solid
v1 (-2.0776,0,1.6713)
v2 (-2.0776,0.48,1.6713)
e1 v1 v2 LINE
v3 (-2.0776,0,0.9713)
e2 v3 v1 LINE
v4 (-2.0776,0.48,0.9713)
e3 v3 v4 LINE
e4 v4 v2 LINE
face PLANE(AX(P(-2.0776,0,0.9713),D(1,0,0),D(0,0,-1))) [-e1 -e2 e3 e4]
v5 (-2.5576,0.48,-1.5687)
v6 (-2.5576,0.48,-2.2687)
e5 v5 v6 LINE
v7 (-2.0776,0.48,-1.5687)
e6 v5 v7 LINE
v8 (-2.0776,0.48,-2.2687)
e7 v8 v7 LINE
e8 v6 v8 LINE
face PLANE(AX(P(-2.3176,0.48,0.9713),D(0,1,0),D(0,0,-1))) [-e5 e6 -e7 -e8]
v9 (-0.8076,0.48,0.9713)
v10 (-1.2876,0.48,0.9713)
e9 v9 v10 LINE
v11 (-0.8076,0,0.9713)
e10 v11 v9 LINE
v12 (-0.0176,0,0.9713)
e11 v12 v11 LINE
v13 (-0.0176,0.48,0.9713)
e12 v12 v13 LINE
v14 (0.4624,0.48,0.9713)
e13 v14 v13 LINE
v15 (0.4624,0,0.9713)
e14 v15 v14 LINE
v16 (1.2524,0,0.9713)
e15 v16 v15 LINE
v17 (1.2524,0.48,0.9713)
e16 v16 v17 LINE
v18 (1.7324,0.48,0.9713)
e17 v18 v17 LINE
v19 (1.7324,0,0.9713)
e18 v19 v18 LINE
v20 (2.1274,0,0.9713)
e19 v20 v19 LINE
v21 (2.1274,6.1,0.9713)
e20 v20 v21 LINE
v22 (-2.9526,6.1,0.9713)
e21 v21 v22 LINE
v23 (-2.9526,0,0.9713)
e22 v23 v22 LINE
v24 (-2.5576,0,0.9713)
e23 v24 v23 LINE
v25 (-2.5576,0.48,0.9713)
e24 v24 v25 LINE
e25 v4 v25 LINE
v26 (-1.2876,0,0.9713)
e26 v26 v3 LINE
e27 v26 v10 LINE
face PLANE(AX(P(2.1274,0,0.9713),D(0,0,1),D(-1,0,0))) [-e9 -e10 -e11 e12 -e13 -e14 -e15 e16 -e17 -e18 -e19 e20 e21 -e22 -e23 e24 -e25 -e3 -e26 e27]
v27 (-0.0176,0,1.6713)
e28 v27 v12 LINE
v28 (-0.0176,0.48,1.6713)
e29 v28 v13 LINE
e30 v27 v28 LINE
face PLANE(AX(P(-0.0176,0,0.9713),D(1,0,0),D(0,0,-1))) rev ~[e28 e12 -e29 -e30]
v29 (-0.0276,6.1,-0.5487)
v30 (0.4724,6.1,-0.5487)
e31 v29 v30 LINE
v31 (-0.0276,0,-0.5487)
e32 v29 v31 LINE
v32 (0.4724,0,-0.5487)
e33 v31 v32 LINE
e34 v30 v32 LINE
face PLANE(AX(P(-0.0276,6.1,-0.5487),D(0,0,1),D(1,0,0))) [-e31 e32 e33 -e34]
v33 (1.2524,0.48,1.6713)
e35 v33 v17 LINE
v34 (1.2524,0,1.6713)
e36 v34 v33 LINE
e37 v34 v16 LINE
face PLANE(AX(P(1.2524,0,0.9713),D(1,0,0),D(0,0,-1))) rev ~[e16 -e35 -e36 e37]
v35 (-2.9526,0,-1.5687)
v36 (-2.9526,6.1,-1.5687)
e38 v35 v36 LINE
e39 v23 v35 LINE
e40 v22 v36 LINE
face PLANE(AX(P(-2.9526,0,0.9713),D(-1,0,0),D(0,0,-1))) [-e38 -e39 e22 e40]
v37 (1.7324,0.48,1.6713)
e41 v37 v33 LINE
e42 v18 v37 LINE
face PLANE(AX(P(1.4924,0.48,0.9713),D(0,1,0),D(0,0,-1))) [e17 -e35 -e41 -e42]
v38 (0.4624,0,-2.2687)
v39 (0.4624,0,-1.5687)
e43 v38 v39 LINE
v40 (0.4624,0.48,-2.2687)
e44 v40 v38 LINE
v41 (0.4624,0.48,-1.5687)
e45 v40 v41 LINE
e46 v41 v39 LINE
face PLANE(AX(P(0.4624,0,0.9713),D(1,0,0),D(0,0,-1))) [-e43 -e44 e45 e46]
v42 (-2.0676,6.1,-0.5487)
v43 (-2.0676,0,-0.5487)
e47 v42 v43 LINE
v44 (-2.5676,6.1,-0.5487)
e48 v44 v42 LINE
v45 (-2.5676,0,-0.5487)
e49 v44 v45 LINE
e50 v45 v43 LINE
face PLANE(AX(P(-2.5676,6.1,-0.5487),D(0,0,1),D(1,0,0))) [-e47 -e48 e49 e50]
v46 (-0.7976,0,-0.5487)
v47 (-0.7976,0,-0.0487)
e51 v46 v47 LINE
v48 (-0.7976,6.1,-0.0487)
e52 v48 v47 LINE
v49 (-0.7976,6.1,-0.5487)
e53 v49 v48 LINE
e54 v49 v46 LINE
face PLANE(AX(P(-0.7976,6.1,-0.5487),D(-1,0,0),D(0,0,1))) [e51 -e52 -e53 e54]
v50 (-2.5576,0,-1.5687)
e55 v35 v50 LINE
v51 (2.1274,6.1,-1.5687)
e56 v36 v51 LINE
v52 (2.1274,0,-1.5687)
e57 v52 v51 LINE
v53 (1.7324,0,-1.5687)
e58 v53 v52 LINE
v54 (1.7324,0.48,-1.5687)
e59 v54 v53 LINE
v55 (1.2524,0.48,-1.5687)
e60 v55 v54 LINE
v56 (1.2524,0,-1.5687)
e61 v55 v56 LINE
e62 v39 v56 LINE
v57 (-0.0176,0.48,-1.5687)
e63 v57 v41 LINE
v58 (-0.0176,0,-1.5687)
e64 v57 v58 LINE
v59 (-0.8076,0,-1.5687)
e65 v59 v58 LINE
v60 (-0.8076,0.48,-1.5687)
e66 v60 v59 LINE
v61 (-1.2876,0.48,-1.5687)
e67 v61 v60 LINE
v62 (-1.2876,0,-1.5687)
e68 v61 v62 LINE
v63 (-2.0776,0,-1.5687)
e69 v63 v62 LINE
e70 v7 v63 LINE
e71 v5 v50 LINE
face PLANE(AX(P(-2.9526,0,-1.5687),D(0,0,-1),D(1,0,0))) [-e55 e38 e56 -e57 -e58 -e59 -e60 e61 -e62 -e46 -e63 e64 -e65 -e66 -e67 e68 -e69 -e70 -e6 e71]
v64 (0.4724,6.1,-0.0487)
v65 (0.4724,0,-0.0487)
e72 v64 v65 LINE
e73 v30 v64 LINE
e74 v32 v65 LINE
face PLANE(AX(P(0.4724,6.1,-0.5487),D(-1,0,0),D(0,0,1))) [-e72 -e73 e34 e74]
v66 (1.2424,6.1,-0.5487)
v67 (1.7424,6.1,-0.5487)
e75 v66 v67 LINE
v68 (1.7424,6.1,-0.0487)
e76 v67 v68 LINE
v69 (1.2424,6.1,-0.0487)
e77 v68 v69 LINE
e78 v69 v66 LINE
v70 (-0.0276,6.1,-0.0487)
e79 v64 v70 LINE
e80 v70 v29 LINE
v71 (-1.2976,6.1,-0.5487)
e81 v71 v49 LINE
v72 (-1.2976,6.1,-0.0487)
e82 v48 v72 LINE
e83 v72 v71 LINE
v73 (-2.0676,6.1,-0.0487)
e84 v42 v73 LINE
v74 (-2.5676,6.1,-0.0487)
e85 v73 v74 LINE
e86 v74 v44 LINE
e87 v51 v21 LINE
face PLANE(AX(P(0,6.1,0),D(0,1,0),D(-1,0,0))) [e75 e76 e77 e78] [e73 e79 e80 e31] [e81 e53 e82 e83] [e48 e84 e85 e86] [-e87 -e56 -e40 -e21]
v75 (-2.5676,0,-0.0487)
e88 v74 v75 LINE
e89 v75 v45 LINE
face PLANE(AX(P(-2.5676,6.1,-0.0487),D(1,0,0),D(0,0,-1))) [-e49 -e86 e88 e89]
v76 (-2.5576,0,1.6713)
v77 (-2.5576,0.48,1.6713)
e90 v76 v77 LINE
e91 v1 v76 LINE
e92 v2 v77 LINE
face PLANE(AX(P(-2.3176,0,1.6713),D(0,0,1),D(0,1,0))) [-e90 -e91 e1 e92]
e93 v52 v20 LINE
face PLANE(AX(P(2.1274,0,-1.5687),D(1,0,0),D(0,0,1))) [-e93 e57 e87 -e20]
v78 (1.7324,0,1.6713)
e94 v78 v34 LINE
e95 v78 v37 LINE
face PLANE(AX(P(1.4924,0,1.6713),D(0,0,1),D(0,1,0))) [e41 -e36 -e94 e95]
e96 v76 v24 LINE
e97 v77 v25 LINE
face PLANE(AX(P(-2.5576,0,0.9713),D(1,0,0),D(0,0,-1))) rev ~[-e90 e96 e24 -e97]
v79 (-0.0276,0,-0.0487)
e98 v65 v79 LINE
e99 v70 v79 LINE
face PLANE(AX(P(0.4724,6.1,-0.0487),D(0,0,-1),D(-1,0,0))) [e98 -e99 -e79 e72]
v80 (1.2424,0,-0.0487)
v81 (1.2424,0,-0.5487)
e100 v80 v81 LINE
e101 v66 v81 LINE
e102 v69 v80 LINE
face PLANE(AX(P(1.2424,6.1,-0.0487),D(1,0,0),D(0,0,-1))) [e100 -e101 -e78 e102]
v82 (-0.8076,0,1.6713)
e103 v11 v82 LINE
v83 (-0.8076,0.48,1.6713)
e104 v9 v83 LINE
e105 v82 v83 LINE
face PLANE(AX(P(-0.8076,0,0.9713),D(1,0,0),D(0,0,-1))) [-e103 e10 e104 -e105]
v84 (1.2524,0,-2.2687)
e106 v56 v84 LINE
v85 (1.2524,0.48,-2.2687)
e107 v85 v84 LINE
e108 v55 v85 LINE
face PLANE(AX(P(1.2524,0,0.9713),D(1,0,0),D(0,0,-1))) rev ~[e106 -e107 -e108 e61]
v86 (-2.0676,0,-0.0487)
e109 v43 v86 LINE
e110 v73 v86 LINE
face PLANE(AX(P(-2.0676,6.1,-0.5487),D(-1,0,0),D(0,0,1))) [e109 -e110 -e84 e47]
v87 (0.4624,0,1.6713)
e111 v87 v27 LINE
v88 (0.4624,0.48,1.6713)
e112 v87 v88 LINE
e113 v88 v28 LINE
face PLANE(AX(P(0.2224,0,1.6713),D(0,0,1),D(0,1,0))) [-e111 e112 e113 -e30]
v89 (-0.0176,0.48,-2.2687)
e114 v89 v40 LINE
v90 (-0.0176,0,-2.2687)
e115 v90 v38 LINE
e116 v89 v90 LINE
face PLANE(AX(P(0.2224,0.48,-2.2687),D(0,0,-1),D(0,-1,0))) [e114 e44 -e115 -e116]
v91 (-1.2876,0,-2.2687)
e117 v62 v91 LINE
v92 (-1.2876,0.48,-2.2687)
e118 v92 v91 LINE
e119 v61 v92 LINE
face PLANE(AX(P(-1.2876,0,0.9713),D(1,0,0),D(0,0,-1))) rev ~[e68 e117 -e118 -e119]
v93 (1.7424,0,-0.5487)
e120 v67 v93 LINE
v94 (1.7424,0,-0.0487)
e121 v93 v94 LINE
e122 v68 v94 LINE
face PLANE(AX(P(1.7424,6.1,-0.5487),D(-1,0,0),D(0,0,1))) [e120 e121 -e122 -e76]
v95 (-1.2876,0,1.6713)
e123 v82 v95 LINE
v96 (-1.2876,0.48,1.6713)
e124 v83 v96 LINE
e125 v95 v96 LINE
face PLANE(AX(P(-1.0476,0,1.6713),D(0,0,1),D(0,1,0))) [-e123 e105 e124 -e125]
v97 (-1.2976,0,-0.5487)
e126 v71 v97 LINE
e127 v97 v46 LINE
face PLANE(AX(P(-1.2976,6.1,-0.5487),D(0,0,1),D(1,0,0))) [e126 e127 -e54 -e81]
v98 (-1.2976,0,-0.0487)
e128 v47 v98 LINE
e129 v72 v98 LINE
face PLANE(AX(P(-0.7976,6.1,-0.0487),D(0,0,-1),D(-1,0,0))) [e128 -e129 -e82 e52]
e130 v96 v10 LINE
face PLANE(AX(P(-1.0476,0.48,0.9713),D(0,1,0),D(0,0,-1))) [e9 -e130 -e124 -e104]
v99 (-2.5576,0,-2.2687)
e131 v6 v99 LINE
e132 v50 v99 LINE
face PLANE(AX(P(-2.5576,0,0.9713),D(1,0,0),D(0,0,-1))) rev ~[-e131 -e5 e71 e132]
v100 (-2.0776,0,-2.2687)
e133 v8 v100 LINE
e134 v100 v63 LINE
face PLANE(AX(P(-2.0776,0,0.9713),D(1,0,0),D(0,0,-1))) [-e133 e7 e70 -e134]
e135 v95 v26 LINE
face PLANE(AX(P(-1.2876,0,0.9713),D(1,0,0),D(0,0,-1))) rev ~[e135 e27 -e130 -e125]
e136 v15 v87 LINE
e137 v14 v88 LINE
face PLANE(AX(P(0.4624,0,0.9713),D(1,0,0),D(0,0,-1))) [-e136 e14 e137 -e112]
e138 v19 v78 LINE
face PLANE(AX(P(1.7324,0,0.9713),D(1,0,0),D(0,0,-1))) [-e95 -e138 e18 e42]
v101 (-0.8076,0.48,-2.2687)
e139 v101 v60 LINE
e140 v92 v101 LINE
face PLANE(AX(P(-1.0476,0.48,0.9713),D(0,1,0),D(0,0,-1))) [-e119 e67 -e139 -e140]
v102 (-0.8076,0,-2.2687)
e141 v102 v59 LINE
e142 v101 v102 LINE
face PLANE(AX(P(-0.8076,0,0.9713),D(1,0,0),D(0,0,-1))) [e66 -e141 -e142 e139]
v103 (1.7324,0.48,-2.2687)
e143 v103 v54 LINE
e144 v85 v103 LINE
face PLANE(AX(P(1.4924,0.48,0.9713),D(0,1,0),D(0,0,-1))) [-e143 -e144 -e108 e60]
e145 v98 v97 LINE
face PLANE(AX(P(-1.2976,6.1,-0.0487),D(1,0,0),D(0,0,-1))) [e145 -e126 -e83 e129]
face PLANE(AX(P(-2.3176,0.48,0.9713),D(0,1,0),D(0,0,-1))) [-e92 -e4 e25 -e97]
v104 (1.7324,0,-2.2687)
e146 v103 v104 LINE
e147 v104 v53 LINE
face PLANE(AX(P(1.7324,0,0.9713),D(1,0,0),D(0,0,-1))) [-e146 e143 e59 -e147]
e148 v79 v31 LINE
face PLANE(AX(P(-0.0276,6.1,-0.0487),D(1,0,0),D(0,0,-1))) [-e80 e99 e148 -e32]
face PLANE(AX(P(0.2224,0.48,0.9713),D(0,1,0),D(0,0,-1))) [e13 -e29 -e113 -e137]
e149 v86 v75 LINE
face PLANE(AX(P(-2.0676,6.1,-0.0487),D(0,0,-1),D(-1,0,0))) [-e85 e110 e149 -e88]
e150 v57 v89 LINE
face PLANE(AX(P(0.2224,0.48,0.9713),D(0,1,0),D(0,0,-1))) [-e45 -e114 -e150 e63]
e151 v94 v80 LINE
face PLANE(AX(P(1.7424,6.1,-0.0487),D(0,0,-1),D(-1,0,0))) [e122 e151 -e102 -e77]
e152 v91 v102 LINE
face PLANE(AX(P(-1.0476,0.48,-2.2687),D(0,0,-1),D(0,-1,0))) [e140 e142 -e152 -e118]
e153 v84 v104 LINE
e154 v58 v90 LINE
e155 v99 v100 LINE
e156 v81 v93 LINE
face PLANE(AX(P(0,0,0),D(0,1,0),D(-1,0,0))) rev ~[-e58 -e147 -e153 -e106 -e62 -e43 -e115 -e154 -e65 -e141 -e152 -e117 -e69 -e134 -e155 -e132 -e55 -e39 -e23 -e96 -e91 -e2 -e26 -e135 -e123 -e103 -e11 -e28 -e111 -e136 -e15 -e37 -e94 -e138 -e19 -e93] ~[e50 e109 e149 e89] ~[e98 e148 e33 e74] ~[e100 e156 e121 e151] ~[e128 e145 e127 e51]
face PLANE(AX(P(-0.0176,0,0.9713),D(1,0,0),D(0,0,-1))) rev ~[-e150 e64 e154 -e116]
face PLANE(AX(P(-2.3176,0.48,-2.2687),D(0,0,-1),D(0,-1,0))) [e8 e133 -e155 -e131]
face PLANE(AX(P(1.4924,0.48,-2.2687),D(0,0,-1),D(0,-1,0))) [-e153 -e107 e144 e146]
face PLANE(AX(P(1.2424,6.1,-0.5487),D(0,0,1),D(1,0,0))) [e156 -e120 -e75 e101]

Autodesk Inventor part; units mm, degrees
ref_plane "YZ Plane" through (0, 0, 0) normal (1, 0, 0) x (0, 1, 0)
ref_plane "XZ Plane" through (0, 0, 0) normal (0, 1, 0) x (-1, 0, 0)
ref_plane "XY Plane" through (0, 0, 0) normal (0, 0, 1) x (1, 0, 0)
sketch "Sketch1" plane through (0, 0, 0) normal (0, 1, 0) x (-1, 0, 0)
  line L0 (-2.1274, 0.9713) -> (2.9526, 0.9713)
  line L1 (2.9526, 0.9713) -> (2.9526, -1.5687)
  line L2 (2.9526, -1.5687) -> (-2.1274, -1.5687)
  line L3 (-2.1274, -1.5687) -> (-2.1274, 0.9713)
  point P0 (0, 0)
  dimension "d0" = 5.08
  dimension "d1" = 2.54
extrude "Extrusion1" add sketch "Sketch1" along normal blind 6.1
ref_plane "Work Plane1" through (1.4924, 0, 0.9713) normal (1, 0, 0) x (0, 0, -1)
sketch "Sketch2" plane through (1.4924, 0, 0.9713) normal (1, 0, 0) x (0, 0, -1)
  line L0 (3.24, 0) -> (-0.7, 0)
  line L1 (-0.7, 0) -> (-0.7, 0.48)
  line L2 (-0.7, 0.48) -> (3.24, 0.48)
  line L3 (3.24, 0.48) -> (3.24, 0)
  line L4 (0, 0) -> (0, 6.1) projected
  point P0 (0.9713, 0)
  dimension "d5" = 3.94
  dimension "d6" = 0.7
  dimension "d7" = 0.48
extrude "Extrusion2" add sketch "Sketch2" along normal mid plane 0.48
pattern_linear "Rectangular Pattern1" count 4 spacing 1.27 along (-1, 0, 0) of "Extrusion2"
sketch "Sketch3" plane through (0, 6.1, 0) normal (0, 1, 0) x (1, 0, 0)
  line L0 (2.1274, 1.5687) -> (-2.9526, 1.5687) projected
  line L1 (-2.9526, 1.5687) -> (-2.9526, -0.9713) projected
  line L2 (-2.5676, 0.5487) -> (-2.0676, 0.5487)
  line L3 (-2.0676, 0.5487) -> (-2.0676, 0.0487)
  line L4 (-2.0676, 0.0487) -> (-2.5676, 0.0487)
  line L5 (-2.5676, 0.0487) -> (-2.5676, 0.5487)
  point P0 (0, 0)
  dimension "d13" = 0.5
  dimension "d14" = 0.5
  dimension "d15" = 0.385
  dimension "d16" = 1.02
extrude "Extrusion3" cut sketch "Sketch3" against normal through all
pattern_linear "Rectangular Pattern2" count 4 spacing 1.27 along (1, 0, 0) of "Extrusion3"
properties part number "Recepticle_127"
